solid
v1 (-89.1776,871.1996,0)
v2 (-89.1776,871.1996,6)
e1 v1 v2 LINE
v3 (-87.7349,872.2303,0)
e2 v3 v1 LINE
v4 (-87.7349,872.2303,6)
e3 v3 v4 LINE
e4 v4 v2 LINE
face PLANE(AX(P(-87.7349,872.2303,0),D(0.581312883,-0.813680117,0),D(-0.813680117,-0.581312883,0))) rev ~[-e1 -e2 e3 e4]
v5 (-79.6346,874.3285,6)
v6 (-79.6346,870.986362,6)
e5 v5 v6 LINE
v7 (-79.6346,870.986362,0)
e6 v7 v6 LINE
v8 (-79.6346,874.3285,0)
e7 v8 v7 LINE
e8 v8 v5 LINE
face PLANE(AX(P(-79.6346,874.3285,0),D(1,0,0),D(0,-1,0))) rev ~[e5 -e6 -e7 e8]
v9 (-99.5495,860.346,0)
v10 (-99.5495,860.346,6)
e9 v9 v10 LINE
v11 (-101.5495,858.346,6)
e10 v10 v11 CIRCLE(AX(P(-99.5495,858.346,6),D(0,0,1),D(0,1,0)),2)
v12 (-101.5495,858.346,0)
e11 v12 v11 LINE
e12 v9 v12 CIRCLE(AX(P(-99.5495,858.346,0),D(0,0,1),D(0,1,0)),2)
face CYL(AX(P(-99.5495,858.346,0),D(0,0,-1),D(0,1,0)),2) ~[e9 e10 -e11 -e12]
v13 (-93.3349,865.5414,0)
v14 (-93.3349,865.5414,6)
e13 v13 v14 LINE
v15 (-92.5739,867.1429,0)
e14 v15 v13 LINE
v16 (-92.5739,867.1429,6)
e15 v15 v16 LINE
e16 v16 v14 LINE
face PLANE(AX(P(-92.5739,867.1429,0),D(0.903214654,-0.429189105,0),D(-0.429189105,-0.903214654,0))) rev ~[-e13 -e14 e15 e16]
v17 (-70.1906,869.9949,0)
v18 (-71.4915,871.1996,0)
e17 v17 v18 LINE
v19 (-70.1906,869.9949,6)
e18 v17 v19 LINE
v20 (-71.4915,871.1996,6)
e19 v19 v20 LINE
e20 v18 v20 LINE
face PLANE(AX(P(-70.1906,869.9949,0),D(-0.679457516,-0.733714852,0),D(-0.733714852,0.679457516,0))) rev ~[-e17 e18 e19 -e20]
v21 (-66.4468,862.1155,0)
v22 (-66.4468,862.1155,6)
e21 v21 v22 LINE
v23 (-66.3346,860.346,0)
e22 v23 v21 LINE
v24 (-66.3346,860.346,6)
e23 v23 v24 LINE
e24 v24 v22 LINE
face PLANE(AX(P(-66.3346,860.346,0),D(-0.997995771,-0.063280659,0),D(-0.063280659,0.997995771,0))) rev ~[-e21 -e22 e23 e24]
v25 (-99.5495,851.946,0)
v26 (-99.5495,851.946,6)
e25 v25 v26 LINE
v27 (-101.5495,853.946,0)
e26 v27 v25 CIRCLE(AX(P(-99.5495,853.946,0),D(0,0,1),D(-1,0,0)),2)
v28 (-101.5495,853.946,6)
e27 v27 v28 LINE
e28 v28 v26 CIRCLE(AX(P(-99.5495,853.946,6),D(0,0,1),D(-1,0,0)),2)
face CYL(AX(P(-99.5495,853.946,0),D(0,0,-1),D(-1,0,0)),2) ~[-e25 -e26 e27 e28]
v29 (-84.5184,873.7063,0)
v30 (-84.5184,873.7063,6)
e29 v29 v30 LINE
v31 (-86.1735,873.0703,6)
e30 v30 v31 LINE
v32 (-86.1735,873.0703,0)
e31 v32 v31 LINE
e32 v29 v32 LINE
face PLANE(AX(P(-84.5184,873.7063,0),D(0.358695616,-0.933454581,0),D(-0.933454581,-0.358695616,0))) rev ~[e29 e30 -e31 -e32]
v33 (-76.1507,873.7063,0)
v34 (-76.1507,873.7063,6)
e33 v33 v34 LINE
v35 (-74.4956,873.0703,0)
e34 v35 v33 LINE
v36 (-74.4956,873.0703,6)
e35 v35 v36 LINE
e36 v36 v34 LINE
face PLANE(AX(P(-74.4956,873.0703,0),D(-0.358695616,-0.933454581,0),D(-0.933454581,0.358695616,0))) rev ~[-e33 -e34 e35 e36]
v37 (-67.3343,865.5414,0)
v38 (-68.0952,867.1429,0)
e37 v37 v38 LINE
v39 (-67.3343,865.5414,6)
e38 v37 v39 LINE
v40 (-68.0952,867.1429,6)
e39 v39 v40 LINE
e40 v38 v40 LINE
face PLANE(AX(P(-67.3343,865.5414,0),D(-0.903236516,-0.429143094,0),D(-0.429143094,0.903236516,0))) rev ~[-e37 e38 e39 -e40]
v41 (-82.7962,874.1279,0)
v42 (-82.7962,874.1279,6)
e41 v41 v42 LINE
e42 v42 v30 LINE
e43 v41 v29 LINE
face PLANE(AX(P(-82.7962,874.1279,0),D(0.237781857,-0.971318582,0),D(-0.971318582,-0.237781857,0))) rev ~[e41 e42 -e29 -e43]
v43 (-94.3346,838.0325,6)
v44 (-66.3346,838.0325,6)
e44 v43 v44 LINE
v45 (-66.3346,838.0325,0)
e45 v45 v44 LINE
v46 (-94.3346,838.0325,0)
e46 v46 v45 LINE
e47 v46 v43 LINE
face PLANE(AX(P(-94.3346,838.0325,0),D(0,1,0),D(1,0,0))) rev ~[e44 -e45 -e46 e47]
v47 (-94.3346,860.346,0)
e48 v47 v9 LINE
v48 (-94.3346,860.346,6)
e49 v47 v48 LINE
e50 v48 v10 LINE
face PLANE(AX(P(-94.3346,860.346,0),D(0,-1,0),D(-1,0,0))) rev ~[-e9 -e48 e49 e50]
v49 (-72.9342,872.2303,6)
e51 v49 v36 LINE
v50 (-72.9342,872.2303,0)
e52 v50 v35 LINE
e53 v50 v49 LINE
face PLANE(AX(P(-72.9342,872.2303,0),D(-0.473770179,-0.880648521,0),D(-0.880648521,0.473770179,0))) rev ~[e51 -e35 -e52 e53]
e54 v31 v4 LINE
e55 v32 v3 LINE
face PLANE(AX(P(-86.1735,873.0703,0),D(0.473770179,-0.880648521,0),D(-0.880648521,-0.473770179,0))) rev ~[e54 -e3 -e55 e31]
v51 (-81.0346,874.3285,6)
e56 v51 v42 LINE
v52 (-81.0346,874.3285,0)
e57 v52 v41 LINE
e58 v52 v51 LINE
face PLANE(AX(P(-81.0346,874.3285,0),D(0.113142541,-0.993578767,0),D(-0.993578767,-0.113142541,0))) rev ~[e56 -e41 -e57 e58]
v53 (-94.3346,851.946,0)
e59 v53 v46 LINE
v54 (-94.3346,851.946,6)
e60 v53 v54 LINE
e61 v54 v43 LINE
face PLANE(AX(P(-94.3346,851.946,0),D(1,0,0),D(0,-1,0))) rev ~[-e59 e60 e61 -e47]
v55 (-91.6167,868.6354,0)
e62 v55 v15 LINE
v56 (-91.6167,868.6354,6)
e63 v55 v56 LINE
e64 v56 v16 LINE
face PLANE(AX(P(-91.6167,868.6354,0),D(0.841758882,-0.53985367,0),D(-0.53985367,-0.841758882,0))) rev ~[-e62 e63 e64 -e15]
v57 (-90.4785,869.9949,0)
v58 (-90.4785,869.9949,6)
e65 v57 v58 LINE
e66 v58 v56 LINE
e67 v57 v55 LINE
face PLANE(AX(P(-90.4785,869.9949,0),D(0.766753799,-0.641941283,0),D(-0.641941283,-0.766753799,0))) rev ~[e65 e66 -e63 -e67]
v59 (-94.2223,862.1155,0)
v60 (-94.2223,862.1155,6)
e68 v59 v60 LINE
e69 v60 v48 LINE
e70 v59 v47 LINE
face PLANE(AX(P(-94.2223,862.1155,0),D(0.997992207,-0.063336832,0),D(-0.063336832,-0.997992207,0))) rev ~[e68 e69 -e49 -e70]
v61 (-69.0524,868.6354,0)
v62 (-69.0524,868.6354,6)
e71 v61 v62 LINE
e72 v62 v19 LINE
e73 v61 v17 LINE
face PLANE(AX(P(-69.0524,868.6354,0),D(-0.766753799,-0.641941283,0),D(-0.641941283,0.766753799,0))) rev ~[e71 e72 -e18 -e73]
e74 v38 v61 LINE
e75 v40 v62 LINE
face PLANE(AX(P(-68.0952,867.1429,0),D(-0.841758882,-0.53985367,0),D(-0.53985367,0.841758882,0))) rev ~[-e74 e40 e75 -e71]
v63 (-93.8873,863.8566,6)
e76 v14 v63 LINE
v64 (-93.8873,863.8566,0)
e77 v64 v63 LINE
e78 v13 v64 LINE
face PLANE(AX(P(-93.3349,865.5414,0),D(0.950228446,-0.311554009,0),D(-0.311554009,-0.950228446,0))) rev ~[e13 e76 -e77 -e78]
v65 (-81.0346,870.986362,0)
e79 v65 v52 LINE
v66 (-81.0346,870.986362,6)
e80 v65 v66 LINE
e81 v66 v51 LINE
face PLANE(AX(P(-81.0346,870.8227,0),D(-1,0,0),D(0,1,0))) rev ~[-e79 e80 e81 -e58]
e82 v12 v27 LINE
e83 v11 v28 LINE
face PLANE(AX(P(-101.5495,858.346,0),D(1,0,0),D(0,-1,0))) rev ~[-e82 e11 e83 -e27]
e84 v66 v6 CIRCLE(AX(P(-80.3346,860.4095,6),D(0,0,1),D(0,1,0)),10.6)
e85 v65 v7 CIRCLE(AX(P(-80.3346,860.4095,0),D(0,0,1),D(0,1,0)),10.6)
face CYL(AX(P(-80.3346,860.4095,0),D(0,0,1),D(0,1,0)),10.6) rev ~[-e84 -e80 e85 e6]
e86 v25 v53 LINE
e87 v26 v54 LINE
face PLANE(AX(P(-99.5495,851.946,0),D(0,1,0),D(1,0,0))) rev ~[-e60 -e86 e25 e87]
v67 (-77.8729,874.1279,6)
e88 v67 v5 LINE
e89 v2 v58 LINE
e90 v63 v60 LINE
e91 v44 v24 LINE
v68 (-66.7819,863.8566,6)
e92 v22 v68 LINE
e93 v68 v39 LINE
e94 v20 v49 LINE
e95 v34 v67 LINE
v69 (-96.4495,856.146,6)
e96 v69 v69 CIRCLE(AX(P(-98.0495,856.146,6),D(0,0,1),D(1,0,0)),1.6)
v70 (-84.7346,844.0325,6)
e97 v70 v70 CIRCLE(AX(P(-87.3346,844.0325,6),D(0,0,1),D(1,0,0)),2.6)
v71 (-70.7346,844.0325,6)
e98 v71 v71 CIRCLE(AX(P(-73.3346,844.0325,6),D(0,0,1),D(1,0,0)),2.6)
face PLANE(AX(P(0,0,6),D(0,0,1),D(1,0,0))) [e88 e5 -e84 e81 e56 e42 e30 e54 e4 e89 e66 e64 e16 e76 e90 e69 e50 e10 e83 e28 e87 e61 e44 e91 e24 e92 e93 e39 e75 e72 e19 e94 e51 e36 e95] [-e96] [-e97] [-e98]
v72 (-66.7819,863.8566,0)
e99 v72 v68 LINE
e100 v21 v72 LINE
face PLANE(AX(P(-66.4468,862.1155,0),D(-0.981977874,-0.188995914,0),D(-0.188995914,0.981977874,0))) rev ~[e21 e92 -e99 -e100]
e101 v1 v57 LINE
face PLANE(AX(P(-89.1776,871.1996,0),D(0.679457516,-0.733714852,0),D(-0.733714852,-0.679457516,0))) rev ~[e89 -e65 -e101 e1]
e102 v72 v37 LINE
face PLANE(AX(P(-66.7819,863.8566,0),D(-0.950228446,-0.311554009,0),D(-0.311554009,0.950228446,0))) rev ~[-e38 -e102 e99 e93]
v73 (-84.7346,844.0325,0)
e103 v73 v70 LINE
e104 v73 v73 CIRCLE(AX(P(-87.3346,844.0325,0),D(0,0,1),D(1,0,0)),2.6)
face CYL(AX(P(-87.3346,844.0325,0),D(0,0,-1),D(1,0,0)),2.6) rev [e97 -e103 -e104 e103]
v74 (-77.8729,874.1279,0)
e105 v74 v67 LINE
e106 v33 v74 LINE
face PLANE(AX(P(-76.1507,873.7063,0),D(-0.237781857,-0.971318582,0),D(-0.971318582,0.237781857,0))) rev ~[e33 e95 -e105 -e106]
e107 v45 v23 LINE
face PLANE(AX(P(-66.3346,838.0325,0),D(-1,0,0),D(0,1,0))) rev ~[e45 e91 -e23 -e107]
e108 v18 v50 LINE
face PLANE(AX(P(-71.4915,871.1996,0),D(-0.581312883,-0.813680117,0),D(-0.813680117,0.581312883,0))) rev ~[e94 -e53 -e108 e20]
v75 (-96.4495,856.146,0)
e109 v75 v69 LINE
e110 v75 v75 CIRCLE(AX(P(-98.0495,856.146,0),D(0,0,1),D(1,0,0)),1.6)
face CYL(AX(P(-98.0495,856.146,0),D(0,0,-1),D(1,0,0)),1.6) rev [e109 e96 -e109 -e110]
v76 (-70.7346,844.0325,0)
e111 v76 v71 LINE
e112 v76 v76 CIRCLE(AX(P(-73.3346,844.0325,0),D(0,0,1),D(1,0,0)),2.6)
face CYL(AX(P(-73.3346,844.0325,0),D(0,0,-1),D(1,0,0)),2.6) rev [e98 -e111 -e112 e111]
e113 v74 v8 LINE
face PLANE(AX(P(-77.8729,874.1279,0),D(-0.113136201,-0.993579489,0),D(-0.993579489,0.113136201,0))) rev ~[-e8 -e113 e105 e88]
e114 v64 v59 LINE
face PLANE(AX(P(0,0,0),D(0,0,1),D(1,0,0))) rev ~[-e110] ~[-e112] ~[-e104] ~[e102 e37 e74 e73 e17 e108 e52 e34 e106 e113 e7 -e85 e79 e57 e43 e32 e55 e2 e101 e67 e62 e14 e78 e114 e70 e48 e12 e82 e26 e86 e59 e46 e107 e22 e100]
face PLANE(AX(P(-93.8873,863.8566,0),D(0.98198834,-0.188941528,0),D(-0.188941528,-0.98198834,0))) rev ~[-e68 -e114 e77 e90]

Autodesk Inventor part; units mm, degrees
ref_plane "YZ Plane" through (0, 0, 0) normal (1, 0, 0) x (0, 1, 0)
ref_plane "XZ Plane" through (0, 0, 0) normal (0, 1, 0) x (-1, 0, 0)
ref_plane "XY Plane" through (0, 0, 0) normal (0, 0, 1) x (1, 0, 0)
sketch "Sketch1" plane through (0, 0, 0) normal (0, 0, 1) x (1, 0, 0)
  line L0 (-94.3346, 851.946) -> (-94.3346, 838.0325)
  line L1 (-94.3346, 838.0325) -> (-66.3346, 838.0325)
  line L2 (-66.3346, 838.0325) -> (-66.3346, 860.346)
  line L3 (-66.3346, 860.346) -> (-66.4468, 862.1155)
  line L4 (-66.4468, 862.1155) -> (-66.7819, 863.8566)
  line L5 (-66.7819, 863.8566) -> (-67.3343, 865.5414)
  line L6 (-67.3343, 865.5414) -> (-68.0952, 867.1429)
  line L7 (-68.0952, 867.1429) -> (-69.0524, 868.6354)
  line L8 (-69.0524, 868.6354) -> (-70.1906, 869.9949)
  line L9 (-70.1906, 869.9949) -> (-71.4915, 871.1996)
  line L10 (-71.4915, 871.1996) -> (-72.9342, 872.2303)
  line L11 (-72.9342, 872.2303) -> (-74.4956, 873.0703)
  line L12 (-74.4956, 873.0703) -> (-76.1507, 873.7063)
  line L13 (-76.1507, 873.7063) -> (-77.8729, 874.1279)
  line L14 (-77.8729, 874.1279) -> (-79.6346, 874.3285)
  line L15 (-79.6346, 874.3285) -> (-79.6346, 870.8227)
  line L16 (-79.6346, 870.8227) -> (-77.9981, 870.5828)
  line L17 (-77.9981, 870.5828) -> (-76.4195, 870.0889)
  line L18 (-76.4195, 870.0889) -> (-74.9382, 869.3532)
  line L19 (-74.9382, 869.3532) -> (-73.5907, 868.394)
  line L20 (-73.5907, 868.394) -> (-72.4106, 867.2352)
  line L21 (-72.4106, 867.2352) -> (-71.427, 865.9054)
  line L22 (-71.427, 865.9054) -> (-70.6646, 864.4376)
  line L23 (-70.6646, 864.4376) -> (-70.142, 862.8683)
  line L24 (-70.142, 862.8683) -> (-69.8724, 861.2365)
  line L25 (-69.8724, 861.2365) -> (-69.8623, 859.5825)
  line L26 (-69.8623, 859.5825) -> (-70.1122, 857.9475)
  line L27 (-70.1122, 857.9475) -> (-70.6156, 856.372)
  line L28 (-70.6156, 856.372) -> (-71.3603, 854.8951)
  line L29 (-71.3603, 854.8951) -> (-72.3276, 853.5535)
  line L30 (-72.3276, 853.5535) -> (-73.4936, 852.3804)
  line L31 (-73.4936, 852.3804) -> (-74.8293, 851.405)
  line L32 (-74.8293, 851.405) -> (-76.3017, 850.6514)
  line L33 (-76.3017, 850.6514) -> (-77.8741, 850.1384)
  line L34 (-77.8741, 850.1384) -> (-79.5076, 849.8787)
  line L35 (-79.5076, 849.8787) -> (-81.1615, 849.8787)
  line L36 (-81.1615, 849.8787) -> (-82.795, 850.1384)
  line L37 (-82.795, 850.1384) -> (-84.3674, 850.6514)
  line L38 (-84.3674, 850.6514) -> (-85.8398, 851.405)
  line L39 (-85.8398, 851.405) -> (-87.1755, 852.3804)
  line L40 (-87.1755, 852.3804) -> (-88.3415, 853.5535)
  line L41 (-88.3415, 853.5535) -> (-89.3088, 854.8951)
  line L42 (-89.3088, 854.8951) -> (-90.0535, 856.372)
  line L43 (-90.0535, 856.372) -> (-90.5569, 857.9475)
  line L44 (-90.5569, 857.9475) -> (-90.8068, 859.5825)
  line L45 (-90.8068, 859.5825) -> (-90.7967, 861.2365)
  line L46 (-90.7967, 861.2365) -> (-90.5271, 862.8683)
  line L47 (-90.5271, 862.8683) -> (-90.0046, 864.4376)
  line L48 (-90.0046, 864.4376) -> (-89.2421, 865.9054)
  line L49 (-89.2421, 865.9054) -> (-88.2586, 867.2352)
  line L50 (-88.2586, 867.2352) -> (-87.0784, 868.394)
  line L51 (-87.0784, 868.394) -> (-85.731, 869.3532)
  line L52 (-85.731, 869.3532) -> (-84.2496, 870.0889)
  line L53 (-84.2496, 870.0889) -> (-82.6711, 870.5828)
  line L54 (-82.6711, 870.5828) -> (-81.0346, 870.8227)
  line L55 (-81.0346, 870.8227) -> (-81.0346, 874.3285)
  line L56 (-81.0346, 874.3285) -> (-82.7962, 874.1279)
  line L57 (-82.7962, 874.1279) -> (-84.5184, 873.7063)
  line L58 (-84.5184, 873.7063) -> (-86.1735, 873.0703)
  line L59 (-86.1735, 873.0703) -> (-87.7349, 872.2303)
  line L60 (-87.7349, 872.2303) -> (-89.1776, 871.1996)
  line L61 (-89.1776, 871.1996) -> (-90.4785, 869.9949)
  line L62 (-90.4785, 869.9949) -> (-91.6167, 868.6354)
  line L63 (-91.6167, 868.6354) -> (-92.5739, 867.1429)
  line L64 (-92.5739, 867.1429) -> (-93.3349, 865.5414)
  line L65 (-93.3349, 865.5414) -> (-93.8873, 863.8566)
  line L66 (-93.8873, 863.8566) -> (-94.2223, 862.1155)
  line L67 (-94.2223, 862.1155) -> (-94.3346, 860.346)
  line L68 (-94.3346, 860.346) -> (-99.5495, 860.346)
  arc A0 (-99.5495, 860.346) -> (-101.5495, 858.346) centre (-99.5495, 858.346) ccw
  line L69 (-101.5495, 858.346) -> (-101.5495, 853.946)
  arc A1 (-101.5495, 853.946) -> (-99.5495, 851.946) centre (-99.5495, 853.946) ccw
  line L70 (-99.5495, 851.946) -> (-94.3346, 851.946)
  circle A2 centre (-98.0495, 856.146) radius 1.6
  circle A3 centre (-87.3346, 844.0325) radius 2.6
  circle A4 centre (-73.3346, 844.0325) radius 2.6
  point P0 (0, 0)
extrude "Extrusion1" add sketch "Sketch1" along normal blind 6
sketch "Sketch3" plane through (0, 0, 0) normal (0, 0, -1) x (-1, 0, 0)
  line L0 (69.8724, 861.2365) -> (69.8623, 859.5825) projected
  line L1 (69.8674, 860.4095) -> (90.8017, 860.4095)
  line L2 (90.8068, 859.5825) -> (90.7967, 861.2365) projected
  point P0 (0, 0)
  point P1 (80.3346, 860.4095)
hole "Hole1" at (-80.3346, 860.4095, 0) direction (0, 0, 1) diameter 21.2 depth 8 tip angle 118
properties part number "Left Bed Holder Upper"
